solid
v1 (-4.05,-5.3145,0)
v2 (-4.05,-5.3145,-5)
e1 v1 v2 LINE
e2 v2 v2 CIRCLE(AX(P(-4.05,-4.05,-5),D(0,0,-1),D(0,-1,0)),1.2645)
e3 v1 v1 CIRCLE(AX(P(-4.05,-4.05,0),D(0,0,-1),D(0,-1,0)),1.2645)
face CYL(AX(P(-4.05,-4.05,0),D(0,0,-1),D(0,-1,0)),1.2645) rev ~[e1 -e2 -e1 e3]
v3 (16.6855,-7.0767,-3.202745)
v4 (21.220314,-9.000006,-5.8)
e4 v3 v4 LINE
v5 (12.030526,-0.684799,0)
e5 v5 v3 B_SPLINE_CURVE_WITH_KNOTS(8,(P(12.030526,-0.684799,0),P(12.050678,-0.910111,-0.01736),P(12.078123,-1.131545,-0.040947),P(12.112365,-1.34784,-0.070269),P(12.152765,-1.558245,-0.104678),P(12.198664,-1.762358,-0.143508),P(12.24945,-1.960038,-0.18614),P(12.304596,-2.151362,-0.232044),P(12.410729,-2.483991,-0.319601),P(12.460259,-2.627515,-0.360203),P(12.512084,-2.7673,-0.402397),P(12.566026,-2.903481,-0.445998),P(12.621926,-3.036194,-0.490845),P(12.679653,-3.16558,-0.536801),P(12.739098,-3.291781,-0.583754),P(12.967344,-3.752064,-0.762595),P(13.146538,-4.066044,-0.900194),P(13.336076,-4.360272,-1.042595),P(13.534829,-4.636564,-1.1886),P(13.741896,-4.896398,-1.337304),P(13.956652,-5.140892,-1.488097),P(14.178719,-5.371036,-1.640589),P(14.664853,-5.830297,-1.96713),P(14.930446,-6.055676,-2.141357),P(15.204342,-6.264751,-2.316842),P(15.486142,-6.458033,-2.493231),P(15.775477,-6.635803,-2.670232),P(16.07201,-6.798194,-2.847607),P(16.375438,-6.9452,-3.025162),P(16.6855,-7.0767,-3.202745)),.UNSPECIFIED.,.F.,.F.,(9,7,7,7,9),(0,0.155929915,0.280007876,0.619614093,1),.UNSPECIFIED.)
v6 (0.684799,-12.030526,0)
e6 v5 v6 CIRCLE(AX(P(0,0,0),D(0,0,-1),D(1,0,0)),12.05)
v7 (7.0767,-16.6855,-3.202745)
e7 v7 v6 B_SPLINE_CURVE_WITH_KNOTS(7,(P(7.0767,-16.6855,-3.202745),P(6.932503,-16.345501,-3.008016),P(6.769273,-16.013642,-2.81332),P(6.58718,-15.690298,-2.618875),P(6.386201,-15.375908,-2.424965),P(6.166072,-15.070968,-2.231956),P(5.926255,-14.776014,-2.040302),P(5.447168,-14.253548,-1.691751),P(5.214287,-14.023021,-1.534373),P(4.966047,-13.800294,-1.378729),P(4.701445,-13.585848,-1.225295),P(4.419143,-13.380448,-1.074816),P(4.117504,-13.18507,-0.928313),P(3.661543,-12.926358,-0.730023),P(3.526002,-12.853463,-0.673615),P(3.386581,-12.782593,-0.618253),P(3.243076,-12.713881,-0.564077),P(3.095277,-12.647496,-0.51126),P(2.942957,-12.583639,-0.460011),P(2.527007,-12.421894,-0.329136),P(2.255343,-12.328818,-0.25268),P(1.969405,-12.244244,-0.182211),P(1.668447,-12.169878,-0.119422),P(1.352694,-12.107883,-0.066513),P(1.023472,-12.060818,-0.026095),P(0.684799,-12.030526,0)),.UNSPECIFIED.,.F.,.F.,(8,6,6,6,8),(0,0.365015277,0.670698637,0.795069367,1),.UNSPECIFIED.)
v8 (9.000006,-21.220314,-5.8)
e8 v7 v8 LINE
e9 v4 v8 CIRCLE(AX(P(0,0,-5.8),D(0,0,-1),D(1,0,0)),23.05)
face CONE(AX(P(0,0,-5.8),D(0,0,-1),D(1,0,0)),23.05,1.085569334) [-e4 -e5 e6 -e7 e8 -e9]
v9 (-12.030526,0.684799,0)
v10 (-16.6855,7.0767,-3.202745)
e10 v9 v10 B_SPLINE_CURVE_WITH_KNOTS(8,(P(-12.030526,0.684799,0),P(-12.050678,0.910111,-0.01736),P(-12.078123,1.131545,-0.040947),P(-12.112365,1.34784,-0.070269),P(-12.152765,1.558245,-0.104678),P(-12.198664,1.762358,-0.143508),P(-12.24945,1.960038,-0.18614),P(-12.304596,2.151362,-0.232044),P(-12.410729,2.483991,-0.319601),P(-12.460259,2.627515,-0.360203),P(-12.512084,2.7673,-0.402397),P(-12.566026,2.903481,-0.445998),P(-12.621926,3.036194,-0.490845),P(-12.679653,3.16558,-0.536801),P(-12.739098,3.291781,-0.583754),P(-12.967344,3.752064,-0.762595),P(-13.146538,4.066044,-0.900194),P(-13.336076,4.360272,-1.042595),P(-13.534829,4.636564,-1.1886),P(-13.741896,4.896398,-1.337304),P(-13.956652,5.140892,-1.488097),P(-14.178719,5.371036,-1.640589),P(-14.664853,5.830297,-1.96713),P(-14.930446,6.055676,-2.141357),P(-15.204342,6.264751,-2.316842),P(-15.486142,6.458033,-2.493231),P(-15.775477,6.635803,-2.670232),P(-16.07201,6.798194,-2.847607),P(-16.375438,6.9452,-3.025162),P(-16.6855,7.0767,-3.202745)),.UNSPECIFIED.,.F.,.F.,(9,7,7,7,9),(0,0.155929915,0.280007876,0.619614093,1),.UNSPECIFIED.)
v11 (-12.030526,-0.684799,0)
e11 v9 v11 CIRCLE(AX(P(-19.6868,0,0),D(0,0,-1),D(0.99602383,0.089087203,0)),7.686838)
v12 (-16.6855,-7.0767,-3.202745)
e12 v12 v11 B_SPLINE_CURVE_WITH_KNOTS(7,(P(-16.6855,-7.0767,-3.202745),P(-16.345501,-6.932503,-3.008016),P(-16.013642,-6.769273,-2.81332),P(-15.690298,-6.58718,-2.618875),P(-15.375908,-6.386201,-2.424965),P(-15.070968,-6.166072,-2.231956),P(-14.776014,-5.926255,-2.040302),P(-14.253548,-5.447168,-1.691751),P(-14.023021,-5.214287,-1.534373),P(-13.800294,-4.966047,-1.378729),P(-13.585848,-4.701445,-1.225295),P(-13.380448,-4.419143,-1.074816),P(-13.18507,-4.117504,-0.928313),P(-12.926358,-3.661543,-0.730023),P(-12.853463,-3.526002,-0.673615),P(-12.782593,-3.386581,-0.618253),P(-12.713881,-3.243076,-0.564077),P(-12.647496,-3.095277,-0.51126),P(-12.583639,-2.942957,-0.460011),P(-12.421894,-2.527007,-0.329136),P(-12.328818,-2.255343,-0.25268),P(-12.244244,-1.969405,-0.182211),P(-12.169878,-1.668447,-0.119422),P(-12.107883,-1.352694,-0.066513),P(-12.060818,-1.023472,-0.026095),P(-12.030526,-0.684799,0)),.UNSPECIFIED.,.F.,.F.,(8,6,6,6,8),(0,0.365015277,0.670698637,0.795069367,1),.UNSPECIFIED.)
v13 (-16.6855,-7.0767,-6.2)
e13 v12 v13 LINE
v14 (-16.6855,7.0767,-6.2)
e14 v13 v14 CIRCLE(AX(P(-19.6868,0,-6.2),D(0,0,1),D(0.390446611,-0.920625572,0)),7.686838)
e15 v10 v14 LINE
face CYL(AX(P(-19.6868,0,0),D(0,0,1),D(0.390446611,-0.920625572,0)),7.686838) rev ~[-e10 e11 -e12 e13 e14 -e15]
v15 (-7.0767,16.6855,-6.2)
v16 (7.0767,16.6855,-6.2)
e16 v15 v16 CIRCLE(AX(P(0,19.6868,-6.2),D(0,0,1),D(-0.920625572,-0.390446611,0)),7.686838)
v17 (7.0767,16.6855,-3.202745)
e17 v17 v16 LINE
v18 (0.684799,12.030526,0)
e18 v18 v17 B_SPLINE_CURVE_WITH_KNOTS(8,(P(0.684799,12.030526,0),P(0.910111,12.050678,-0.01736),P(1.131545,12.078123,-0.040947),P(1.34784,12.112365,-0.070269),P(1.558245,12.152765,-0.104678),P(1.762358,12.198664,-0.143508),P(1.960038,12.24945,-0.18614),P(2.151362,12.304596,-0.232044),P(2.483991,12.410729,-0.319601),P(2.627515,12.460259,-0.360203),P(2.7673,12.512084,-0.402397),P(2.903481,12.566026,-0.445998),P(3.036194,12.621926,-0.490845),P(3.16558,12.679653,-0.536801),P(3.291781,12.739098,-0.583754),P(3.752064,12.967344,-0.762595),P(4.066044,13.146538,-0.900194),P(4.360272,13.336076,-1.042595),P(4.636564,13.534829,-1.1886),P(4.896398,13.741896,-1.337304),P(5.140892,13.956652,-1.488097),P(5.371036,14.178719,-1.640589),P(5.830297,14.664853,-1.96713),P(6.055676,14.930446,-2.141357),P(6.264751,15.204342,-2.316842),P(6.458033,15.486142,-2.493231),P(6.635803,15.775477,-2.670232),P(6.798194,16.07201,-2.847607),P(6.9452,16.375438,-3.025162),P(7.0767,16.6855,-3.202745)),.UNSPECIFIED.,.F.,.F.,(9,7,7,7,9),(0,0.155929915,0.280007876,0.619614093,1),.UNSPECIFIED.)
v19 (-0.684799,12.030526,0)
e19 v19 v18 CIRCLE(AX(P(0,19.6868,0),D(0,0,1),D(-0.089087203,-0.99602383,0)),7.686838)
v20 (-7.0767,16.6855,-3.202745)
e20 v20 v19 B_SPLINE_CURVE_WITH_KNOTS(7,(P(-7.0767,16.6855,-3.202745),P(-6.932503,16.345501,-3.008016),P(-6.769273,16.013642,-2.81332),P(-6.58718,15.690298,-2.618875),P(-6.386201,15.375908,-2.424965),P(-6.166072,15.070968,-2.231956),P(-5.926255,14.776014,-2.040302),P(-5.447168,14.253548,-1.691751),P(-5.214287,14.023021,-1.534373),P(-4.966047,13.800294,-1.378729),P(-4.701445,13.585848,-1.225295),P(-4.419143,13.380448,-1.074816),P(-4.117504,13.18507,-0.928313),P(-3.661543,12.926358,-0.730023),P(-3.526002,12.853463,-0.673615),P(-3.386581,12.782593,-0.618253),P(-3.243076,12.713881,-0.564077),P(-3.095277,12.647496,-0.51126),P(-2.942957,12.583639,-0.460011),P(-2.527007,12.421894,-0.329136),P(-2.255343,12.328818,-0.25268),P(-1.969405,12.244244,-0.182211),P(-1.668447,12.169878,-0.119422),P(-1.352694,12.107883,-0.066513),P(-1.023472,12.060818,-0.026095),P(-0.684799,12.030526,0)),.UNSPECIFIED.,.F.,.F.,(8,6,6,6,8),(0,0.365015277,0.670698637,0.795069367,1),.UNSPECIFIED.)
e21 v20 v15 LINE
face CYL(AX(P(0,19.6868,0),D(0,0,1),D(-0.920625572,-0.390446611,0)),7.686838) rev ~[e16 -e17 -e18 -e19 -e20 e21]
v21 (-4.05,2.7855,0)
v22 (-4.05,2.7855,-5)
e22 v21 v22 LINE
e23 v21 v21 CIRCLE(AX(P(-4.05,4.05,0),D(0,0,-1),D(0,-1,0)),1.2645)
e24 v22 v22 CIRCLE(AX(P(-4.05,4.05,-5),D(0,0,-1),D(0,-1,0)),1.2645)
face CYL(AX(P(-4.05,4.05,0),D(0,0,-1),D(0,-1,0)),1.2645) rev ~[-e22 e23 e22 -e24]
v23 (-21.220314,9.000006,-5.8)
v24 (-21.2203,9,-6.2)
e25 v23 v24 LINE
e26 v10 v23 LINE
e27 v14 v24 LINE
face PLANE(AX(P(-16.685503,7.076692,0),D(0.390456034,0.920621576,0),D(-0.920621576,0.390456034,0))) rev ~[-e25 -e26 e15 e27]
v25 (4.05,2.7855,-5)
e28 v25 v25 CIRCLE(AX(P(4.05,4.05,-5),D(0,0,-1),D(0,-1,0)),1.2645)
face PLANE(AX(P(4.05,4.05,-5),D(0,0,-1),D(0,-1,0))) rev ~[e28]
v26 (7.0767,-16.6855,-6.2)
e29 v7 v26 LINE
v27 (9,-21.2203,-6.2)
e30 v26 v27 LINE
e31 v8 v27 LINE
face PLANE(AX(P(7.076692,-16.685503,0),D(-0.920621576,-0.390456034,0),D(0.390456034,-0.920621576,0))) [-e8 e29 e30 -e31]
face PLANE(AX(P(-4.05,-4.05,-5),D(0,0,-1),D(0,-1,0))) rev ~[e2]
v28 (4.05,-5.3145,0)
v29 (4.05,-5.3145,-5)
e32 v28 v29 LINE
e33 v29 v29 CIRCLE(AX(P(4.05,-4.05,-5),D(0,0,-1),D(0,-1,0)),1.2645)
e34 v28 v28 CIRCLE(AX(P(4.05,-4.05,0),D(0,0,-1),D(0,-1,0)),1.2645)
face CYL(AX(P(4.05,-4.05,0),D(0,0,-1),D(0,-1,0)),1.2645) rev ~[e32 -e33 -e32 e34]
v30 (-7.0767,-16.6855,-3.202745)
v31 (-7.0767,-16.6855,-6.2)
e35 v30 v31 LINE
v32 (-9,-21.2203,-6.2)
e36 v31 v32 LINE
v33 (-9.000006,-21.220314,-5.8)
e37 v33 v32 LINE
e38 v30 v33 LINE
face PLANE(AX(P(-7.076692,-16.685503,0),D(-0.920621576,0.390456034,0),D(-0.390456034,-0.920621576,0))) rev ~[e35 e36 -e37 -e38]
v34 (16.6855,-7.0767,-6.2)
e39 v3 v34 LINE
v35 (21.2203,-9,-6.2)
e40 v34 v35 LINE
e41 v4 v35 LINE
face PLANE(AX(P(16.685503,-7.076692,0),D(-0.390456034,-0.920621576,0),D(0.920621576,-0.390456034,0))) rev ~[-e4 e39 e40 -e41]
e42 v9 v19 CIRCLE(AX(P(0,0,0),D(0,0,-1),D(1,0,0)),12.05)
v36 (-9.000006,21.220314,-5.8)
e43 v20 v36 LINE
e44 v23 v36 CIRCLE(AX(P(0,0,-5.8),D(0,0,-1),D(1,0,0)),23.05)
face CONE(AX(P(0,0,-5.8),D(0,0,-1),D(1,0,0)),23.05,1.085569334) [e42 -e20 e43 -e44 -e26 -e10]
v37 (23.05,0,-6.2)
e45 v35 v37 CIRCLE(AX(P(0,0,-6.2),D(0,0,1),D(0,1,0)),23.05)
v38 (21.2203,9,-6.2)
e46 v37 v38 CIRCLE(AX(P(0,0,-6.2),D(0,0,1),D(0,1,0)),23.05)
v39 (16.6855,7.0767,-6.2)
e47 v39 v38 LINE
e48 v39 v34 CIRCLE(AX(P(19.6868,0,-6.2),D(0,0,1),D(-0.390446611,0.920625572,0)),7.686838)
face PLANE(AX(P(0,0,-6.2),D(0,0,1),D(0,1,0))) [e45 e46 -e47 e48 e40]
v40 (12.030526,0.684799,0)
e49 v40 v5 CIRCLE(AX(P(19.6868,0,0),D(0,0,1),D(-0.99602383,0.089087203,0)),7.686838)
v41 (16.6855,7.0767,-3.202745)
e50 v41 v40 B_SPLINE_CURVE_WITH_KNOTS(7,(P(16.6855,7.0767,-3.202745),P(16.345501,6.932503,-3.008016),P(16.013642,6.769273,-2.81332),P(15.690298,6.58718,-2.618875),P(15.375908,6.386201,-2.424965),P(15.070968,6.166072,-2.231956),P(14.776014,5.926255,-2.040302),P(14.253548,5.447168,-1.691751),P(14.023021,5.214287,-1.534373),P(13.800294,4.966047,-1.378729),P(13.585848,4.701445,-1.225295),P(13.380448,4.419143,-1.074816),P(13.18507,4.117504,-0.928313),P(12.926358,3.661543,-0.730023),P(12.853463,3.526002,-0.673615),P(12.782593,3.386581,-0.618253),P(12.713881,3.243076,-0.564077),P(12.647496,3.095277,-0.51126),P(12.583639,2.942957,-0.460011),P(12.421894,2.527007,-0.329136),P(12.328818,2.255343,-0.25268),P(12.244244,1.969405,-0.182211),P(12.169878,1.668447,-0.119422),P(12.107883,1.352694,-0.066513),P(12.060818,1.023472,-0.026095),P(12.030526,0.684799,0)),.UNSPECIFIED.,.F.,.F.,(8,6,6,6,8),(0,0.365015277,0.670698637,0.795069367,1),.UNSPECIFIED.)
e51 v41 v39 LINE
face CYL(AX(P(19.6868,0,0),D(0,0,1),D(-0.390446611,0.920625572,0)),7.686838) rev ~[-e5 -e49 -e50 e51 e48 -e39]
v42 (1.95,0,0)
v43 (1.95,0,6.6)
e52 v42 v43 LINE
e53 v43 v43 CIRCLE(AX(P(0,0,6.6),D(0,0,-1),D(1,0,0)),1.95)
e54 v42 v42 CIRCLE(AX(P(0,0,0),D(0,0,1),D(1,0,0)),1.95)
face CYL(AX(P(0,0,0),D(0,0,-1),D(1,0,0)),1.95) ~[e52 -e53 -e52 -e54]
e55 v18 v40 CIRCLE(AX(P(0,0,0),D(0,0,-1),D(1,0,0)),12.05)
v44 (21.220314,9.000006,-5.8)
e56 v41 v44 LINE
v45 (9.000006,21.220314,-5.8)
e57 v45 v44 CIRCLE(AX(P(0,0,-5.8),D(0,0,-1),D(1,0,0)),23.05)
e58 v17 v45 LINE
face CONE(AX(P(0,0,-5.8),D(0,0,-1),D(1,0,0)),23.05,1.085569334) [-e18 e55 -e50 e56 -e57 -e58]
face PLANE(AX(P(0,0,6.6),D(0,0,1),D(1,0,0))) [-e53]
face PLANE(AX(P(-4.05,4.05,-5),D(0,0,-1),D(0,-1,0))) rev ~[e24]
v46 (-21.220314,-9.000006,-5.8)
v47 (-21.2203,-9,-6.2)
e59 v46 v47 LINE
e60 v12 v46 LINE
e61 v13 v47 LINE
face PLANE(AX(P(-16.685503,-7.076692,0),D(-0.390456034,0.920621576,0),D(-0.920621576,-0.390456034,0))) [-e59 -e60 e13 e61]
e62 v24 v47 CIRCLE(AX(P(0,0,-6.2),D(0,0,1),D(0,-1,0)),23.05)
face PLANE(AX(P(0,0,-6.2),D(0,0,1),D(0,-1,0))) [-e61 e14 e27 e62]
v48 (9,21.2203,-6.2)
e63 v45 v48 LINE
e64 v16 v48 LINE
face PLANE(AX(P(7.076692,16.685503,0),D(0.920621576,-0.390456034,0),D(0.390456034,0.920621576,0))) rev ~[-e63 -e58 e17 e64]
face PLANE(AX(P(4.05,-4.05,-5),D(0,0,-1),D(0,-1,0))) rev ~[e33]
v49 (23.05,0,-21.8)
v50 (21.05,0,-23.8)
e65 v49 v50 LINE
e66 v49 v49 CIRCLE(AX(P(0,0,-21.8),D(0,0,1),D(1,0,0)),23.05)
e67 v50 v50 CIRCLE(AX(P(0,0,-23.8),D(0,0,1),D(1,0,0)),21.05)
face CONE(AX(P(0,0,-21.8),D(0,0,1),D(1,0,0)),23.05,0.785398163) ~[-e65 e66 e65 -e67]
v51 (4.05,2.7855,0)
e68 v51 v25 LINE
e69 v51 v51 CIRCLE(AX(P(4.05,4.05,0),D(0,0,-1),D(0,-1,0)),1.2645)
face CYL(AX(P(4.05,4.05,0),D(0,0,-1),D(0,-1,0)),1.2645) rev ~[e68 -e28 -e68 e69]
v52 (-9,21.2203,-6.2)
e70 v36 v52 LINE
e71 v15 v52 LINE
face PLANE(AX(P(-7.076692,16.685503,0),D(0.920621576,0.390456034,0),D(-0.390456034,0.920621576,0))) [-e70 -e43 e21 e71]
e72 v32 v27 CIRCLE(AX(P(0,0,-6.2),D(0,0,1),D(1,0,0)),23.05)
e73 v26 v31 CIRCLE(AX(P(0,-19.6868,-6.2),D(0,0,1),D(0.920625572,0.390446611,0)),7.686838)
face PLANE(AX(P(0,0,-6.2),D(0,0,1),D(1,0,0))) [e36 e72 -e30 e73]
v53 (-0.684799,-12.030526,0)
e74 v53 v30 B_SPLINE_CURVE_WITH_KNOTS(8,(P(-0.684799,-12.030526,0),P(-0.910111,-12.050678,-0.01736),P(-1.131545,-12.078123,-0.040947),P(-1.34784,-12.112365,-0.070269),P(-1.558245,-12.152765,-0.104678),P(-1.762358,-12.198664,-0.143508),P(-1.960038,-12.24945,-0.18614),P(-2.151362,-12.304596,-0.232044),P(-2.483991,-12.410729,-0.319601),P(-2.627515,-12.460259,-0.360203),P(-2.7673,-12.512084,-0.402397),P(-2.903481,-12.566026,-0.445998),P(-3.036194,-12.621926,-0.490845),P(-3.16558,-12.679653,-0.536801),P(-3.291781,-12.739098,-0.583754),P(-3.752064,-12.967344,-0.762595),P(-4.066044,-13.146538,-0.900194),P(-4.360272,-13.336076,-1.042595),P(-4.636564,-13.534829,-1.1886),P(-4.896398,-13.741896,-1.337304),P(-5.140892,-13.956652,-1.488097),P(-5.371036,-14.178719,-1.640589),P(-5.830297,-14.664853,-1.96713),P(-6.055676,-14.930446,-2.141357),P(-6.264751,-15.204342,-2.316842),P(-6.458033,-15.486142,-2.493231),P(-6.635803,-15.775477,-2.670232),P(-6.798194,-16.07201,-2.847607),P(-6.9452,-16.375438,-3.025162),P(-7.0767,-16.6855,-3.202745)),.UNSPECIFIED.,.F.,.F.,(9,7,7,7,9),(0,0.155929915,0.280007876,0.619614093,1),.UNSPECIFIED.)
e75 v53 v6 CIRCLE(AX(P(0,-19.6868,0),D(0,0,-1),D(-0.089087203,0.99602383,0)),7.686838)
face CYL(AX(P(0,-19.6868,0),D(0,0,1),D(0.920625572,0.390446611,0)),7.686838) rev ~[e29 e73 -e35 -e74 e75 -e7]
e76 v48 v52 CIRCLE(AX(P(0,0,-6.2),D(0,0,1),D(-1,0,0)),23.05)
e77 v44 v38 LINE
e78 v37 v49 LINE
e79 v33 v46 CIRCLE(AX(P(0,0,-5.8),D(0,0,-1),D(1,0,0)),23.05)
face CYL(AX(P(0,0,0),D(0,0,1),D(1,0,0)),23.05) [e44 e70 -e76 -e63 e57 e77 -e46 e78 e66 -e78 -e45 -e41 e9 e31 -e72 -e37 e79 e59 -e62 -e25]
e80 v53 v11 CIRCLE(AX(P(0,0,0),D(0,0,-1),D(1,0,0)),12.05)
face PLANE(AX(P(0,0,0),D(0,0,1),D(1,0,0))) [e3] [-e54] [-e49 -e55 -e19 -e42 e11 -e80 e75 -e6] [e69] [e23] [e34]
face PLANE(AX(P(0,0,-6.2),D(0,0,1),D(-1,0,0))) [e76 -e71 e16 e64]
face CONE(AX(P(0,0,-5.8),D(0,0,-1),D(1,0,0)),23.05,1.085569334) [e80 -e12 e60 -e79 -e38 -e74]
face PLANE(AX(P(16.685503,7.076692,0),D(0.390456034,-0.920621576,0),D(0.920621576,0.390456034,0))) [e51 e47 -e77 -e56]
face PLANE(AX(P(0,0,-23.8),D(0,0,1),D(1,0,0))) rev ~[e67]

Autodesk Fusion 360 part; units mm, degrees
sketch "Sketch1" plane through (0, 0, 0) normal (0, 0, 1) x (1, 0, 0)
  circle A0 centre (0, 0) radius 23.05
  line L0 (4.05, 4.05) -> (-4.05, 4.05) construction
  line L1 (-4.05, 4.05) -> (-4.05, -4.05) construction
  line L2 (-4.05, -4.05) -> (4.05, -4.05) construction
  line L3 (4.05, -4.05) -> (4.05, 4.05) construction
  line L4 (4.05, 4.05) -> (-4.05, -4.05) construction
  line L5 (-4.05, 4.05) -> (4.05, -4.05) construction
  circle A1 centre (0, 0) radius 1.95
  circle A2 centre (0, 0) radius 12
  line L6 (0, 0) -> (-9, -21.2203)
  line L7 (0, 0) -> (9, -21.2203)
  arc A3 (7.0767, -16.6855) -> (-7.0767, -16.6855) centre (0, -19.6868) ccw
  dimension "d1" = 46.1
  dimension "d2" = 8.1
  dimension "d3" = 8.1
  dimension "d4" = 3.9
  dimension "d5" = 24
  dimension "d19" = 18
  dimension "d20" = 9
extrude "Extrude1" add sketch "Sketch1" against normal blind 23.8
chamfer "Chamfer1" distance 11 distance2 5.8 1 edges at (-21.4901, -8.3352, 0) measured on face at (5.3767, -4.1064, 0)
extrude "Extrude2" add sketch "Sketch1" along normal blind 6.6 contours A1 L6 L7 | A1 L6 L7
chamfer "Chamfer2" distance 2 angle 45 1 edges at (-21.4901, 8.3352, -23.8)
hole "Hole1" at (-4.05, -4.05, 0) at (-4.05, 4.05, 0) at (4.05, 4.05, 0) at (4.05, -4.05, 0) direction (0, 0, -1) diameter 2.529 depth 5 tip angle 180
extrude "Extrude3" cut sketch "Sketch1" against normal up to surface (6.2 mm away) contours A0 L6 L7 A3
pattern_circular "C-Pattern1" count 4 over 360 about axis through (0, 0, 0) along (0, 0, 1) of "Extrude3"
equation "d9 = 23.8 mm - 18 mm"
equation "d20 = d19 / 2"
